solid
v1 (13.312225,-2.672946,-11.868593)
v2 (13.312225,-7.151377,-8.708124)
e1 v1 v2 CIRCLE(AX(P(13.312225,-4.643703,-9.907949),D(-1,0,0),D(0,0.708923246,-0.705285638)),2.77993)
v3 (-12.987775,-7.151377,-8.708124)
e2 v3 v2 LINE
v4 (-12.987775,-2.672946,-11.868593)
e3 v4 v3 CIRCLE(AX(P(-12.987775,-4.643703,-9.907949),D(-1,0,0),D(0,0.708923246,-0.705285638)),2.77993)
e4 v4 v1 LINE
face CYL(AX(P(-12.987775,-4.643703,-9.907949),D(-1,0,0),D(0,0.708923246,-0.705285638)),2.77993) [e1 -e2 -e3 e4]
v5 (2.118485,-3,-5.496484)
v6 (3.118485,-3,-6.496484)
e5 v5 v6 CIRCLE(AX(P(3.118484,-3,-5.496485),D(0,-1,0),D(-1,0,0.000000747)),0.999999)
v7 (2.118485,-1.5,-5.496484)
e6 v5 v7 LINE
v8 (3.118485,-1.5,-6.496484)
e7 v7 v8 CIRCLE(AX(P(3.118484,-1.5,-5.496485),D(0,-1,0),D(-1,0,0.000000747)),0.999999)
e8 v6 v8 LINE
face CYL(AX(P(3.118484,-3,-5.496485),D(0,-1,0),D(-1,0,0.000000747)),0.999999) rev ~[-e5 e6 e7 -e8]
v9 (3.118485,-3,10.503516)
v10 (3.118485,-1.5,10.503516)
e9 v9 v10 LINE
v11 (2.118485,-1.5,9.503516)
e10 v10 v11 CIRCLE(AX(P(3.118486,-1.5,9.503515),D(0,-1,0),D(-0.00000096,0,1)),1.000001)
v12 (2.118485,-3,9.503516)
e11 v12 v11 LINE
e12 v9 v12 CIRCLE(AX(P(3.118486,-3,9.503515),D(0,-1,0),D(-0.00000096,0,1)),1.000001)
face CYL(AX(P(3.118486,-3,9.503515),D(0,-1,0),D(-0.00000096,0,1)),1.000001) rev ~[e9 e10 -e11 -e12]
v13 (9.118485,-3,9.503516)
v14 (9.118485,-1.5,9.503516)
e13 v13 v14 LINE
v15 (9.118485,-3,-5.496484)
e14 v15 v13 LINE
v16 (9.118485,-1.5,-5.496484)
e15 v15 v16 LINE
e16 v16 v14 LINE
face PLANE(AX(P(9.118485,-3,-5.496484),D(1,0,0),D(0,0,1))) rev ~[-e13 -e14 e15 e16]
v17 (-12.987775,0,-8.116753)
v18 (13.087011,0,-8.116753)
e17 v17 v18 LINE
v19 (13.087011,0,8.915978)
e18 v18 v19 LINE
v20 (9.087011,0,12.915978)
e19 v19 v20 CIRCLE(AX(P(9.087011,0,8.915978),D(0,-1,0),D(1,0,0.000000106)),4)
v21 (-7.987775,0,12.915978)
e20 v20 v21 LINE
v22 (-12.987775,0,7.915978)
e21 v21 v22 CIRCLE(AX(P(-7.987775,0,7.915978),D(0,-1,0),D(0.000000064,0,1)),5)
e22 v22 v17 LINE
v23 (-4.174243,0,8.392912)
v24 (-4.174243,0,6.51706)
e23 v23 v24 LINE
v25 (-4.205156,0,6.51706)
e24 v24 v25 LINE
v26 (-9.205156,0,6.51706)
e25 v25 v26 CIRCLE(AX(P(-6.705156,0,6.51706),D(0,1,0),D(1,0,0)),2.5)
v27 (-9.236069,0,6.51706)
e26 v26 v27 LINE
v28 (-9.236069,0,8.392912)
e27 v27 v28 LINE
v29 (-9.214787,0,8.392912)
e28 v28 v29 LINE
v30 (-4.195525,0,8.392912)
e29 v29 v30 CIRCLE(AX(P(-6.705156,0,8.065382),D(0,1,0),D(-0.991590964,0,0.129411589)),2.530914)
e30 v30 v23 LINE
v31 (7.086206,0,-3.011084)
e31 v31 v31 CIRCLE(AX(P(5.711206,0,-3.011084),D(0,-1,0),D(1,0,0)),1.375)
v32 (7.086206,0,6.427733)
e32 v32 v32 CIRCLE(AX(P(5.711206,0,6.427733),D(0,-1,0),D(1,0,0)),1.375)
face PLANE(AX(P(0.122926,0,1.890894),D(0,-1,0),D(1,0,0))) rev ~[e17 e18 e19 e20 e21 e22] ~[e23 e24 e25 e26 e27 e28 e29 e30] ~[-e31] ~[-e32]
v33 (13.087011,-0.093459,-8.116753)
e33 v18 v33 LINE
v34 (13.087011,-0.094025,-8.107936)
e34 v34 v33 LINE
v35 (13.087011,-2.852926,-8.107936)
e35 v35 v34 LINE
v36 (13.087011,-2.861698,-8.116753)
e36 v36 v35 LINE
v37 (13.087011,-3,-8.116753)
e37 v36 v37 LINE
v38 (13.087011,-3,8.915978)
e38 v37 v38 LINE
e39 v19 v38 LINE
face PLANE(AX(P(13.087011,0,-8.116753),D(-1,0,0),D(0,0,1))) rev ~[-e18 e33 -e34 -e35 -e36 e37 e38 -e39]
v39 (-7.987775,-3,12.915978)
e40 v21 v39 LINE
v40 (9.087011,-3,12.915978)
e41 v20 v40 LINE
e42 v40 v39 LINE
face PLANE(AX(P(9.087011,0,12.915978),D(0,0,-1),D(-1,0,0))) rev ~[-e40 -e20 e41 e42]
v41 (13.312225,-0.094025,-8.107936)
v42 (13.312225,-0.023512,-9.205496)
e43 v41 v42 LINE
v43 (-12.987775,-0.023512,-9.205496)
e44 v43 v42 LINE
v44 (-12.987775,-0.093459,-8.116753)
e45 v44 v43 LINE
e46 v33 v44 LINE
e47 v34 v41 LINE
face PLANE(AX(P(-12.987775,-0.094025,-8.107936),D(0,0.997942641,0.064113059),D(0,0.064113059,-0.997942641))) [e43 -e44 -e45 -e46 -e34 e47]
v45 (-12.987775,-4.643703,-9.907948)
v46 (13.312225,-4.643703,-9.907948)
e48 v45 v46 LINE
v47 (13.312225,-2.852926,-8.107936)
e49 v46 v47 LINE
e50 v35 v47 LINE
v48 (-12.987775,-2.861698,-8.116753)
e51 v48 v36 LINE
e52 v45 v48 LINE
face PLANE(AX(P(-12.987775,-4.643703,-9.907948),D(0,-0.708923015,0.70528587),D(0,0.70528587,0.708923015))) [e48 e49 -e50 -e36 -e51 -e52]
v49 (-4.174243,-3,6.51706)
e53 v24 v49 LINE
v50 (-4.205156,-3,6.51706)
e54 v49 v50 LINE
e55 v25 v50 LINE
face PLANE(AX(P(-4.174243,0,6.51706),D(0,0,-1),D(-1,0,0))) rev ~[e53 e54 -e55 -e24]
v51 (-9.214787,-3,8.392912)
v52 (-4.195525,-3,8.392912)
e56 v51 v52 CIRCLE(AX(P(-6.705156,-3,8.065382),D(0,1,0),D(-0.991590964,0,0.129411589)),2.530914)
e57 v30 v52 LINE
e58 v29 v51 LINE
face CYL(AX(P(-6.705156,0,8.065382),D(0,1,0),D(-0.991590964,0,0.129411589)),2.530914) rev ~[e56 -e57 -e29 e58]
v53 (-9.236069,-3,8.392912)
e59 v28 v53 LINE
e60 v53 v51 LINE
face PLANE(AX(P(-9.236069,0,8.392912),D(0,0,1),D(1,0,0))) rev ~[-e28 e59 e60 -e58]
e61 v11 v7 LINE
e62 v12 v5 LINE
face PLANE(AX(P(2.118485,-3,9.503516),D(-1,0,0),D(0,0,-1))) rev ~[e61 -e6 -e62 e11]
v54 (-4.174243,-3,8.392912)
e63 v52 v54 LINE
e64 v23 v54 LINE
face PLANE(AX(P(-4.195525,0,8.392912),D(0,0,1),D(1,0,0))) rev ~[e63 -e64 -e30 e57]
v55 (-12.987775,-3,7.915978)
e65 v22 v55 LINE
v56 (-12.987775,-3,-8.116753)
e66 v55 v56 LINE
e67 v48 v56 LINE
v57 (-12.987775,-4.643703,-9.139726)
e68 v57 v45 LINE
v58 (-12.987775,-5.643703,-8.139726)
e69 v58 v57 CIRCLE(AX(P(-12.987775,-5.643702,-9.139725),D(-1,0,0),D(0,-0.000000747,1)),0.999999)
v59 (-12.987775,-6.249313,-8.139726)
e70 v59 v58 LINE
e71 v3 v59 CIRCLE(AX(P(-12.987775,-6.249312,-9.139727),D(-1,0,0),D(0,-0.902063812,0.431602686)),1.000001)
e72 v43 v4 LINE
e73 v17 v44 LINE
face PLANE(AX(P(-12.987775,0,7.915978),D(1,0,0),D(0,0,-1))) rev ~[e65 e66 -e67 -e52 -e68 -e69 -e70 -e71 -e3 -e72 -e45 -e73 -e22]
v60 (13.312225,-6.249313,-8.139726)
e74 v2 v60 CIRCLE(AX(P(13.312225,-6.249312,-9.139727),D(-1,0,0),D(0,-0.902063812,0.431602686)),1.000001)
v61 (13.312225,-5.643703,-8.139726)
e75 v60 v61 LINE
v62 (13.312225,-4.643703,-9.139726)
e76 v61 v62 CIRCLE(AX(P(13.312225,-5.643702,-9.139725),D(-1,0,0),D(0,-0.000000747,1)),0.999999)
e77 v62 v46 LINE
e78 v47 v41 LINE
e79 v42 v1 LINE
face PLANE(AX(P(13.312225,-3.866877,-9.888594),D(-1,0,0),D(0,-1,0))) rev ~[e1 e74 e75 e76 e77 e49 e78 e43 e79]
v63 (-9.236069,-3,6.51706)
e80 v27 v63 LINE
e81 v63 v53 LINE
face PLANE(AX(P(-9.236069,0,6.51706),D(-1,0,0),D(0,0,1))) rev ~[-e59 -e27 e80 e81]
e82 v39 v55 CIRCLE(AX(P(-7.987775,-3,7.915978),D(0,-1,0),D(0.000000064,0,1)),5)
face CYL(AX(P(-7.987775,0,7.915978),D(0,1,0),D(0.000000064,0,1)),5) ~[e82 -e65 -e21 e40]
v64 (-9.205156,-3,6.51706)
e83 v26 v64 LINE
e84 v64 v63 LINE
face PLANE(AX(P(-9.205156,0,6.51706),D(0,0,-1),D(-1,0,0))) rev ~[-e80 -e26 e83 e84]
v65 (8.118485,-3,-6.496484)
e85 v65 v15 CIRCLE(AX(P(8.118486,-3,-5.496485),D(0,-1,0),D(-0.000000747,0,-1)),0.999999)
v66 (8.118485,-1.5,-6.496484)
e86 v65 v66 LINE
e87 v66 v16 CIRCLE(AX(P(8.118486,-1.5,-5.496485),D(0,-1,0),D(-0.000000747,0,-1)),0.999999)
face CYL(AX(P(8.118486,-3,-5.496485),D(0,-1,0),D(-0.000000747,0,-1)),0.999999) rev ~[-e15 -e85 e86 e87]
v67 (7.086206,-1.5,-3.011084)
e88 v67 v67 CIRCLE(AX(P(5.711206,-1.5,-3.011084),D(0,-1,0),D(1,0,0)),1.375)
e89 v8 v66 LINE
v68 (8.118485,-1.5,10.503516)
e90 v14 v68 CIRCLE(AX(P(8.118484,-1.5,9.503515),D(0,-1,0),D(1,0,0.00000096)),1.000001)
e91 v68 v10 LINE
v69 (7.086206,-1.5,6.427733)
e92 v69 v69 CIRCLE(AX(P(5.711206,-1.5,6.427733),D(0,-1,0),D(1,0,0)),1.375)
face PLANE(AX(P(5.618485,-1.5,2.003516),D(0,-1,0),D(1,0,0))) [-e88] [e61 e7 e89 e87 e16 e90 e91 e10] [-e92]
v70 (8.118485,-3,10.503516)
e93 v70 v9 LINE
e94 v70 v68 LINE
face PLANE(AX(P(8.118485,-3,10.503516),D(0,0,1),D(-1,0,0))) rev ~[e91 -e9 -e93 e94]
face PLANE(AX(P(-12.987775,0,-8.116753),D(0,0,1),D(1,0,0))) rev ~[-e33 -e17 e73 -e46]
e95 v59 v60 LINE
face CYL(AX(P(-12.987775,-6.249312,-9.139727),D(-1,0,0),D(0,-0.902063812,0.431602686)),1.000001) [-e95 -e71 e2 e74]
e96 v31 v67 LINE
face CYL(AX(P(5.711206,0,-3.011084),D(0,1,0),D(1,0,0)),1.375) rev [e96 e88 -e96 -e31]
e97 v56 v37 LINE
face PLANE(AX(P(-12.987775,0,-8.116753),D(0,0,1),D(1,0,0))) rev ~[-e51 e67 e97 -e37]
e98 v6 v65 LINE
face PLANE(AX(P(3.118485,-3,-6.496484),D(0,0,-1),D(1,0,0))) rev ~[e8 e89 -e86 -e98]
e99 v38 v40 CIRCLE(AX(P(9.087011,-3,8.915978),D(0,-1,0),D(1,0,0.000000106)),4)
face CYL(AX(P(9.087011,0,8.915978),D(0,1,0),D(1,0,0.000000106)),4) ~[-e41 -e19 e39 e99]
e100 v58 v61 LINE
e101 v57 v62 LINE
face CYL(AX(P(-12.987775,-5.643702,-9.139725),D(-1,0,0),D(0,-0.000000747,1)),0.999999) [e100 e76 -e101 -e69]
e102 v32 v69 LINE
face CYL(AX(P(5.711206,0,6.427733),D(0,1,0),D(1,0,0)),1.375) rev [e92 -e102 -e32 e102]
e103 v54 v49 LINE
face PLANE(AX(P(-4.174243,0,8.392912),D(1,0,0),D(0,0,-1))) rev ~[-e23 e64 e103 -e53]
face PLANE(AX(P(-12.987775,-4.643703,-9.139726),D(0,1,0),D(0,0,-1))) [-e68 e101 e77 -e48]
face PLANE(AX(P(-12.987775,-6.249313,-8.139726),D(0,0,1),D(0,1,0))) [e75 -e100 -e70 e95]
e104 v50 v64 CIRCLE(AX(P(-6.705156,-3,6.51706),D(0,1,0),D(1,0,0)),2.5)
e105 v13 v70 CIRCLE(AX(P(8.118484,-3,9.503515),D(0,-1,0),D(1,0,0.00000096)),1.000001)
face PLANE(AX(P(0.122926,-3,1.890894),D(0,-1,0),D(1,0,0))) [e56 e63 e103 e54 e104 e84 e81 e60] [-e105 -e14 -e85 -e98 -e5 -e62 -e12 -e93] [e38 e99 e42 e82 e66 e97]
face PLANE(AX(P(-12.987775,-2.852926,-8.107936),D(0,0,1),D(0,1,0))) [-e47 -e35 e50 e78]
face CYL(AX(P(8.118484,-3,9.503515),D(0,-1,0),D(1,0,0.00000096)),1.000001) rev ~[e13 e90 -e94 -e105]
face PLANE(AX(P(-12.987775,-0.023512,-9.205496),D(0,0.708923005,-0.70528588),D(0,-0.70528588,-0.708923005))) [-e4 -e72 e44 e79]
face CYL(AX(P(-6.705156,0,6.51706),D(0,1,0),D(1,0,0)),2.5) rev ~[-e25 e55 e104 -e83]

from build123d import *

# Parameters (mm, degrees)
F0_R     = 1.375
F1_DEPTH = 3
F2_R     = 1.375
F3_DEPTH = 1.5
F6_DEPTH = 26.3


with BuildPart() as f1:
    # F0 (on Front) → F1 (new body)
    with BuildSketch(Plane.XZ):
        with BuildLine():
            Line((9.087011, 12.915978), (-7.987775, 12.915978))
            ThreePointArc((-7.987775, 12.915978), (-11.523309, 11.451512), (-12.987775, 7.915978))
            Line((-12.987775, 7.915978), (-12.987775, -8.116753))
            Line((-12.987775, -8.116753), (-12.451817, -8.116753))
            Line((-12.451817, -8.116753), (13.087011, -8.116753))
            Line((13.087011, -8.116753), (13.087011, 8.915978))
            ThreePointArc((13.087011, 8.915978), (11.915438, 11.744405), (9.087011, 12.915978))
        make_face()
        with Locations((5.711206, -3.011084)):
            Circle(F0_R, mode=Mode.SUBTRACT)
        with BuildLine():
            Line((-9.236069, 8.065383), (-9.236069, 8.392912))
            Line((-9.236069, 8.392912), (-9.214787, 8.392912))
            ThreePointArc((-9.214787, 8.392912), (-6.705156, 10.596296), (-4.195525, 8.392912))
            Line((-4.195525, 8.392912), (-4.174243, 8.392912))
            Line((-4.174243, 8.392912), (-4.174243, 8.065383))
            Line((-4.174243, 8.065383), (-4.174243, 6.51706))
            Line((-4.174243, 6.51706), (-4.205156, 6.51706))
            ThreePointArc((-4.205156, 6.51706), (-6.705156, 4.01706), (-9.205156, 6.51706))
            Line((-9.205156, 6.51706), (-9.236069, 6.51706))
            Line((-9.236069, 6.51706), (-9.236069, 8.065383))
        make_face(mode=Mode.SUBTRACT)
        with Locations((5.711206, 6.427733)):
            Circle(F0_R, mode=Mode.SUBTRACT)
    extrude(amount=F1_DEPTH)

    # F2 (on face) → F3 (cut)
    with BuildSketch(Plane.XZ.offset(3)):
        with BuildLine():
            Line((8.118485, 10.503516), (3.118485, 10.503516))
            ThreePointArc((3.118485, 10.503516), (2.411378, 10.210622), (2.118485, 9.503516))
            Line((2.118485, 9.503516), (2.118485, -5.496484))
            ThreePointArc((2.118485, -5.496484), (2.411378, -6.203591), (3.118485, -6.496484))
            Line((3.118485, -6.496484), (8.118485, -6.496484))
            ThreePointArc((8.118485, -6.496484), (8.825592, -6.203591), (9.118485, -5.496484))
            Line((9.118485, -5.496484), (9.118485, 9.503516))
            ThreePointArc((9.118485, 9.503516), (8.825592, 10.210622), (8.118485, 10.503516))
        make_face()
        with Locations((5.711206, -3.011084)):
            Circle(F2_R, mode=Mode.SUBTRACT)
        with Locations((5.711206, 6.427733)):
            Circle(F2_R, mode=Mode.SUBTRACT)
    extrude(amount=-F3_DEPTH, mode=Mode.SUBTRACT)

    # F5 (on face) → F6 (join)
    with BuildSketch(Plane(origin=(-12.987775, 0, 0), x_dir=(0, -1, 0), z_dir=(-1, 0, 0))):
        with BuildLine():
            Line((0.094025, -8.107936), (0.023512, -9.205496))
            Line((0.023512, -9.205496), (2.672946, -11.868593))
            ThreePointArc((2.672946, -11.868593), (6.246579, -12.179247), (7.151377, -8.708124))
            ThreePointArc((7.151377, -8.708124), (6.782416, -8.293676), (6.249313, -8.139726))
            Line((6.249313, -8.139726), (5.643703, -8.139726))
            ThreePointArc((5.643703, -8.139726), (4.936596, -8.432619), (4.643703, -9.139726))
            Line((4.643703, -9.139726), (4.643703, -9.907948))
            Line((4.643703, -9.907948), (2.852926, -8.107936))
            Line((2.852926, -8.107936), (0.094025, -8.107936))
        make_face()
    extrude(amount=-F6_DEPTH)


solid = f1.part
